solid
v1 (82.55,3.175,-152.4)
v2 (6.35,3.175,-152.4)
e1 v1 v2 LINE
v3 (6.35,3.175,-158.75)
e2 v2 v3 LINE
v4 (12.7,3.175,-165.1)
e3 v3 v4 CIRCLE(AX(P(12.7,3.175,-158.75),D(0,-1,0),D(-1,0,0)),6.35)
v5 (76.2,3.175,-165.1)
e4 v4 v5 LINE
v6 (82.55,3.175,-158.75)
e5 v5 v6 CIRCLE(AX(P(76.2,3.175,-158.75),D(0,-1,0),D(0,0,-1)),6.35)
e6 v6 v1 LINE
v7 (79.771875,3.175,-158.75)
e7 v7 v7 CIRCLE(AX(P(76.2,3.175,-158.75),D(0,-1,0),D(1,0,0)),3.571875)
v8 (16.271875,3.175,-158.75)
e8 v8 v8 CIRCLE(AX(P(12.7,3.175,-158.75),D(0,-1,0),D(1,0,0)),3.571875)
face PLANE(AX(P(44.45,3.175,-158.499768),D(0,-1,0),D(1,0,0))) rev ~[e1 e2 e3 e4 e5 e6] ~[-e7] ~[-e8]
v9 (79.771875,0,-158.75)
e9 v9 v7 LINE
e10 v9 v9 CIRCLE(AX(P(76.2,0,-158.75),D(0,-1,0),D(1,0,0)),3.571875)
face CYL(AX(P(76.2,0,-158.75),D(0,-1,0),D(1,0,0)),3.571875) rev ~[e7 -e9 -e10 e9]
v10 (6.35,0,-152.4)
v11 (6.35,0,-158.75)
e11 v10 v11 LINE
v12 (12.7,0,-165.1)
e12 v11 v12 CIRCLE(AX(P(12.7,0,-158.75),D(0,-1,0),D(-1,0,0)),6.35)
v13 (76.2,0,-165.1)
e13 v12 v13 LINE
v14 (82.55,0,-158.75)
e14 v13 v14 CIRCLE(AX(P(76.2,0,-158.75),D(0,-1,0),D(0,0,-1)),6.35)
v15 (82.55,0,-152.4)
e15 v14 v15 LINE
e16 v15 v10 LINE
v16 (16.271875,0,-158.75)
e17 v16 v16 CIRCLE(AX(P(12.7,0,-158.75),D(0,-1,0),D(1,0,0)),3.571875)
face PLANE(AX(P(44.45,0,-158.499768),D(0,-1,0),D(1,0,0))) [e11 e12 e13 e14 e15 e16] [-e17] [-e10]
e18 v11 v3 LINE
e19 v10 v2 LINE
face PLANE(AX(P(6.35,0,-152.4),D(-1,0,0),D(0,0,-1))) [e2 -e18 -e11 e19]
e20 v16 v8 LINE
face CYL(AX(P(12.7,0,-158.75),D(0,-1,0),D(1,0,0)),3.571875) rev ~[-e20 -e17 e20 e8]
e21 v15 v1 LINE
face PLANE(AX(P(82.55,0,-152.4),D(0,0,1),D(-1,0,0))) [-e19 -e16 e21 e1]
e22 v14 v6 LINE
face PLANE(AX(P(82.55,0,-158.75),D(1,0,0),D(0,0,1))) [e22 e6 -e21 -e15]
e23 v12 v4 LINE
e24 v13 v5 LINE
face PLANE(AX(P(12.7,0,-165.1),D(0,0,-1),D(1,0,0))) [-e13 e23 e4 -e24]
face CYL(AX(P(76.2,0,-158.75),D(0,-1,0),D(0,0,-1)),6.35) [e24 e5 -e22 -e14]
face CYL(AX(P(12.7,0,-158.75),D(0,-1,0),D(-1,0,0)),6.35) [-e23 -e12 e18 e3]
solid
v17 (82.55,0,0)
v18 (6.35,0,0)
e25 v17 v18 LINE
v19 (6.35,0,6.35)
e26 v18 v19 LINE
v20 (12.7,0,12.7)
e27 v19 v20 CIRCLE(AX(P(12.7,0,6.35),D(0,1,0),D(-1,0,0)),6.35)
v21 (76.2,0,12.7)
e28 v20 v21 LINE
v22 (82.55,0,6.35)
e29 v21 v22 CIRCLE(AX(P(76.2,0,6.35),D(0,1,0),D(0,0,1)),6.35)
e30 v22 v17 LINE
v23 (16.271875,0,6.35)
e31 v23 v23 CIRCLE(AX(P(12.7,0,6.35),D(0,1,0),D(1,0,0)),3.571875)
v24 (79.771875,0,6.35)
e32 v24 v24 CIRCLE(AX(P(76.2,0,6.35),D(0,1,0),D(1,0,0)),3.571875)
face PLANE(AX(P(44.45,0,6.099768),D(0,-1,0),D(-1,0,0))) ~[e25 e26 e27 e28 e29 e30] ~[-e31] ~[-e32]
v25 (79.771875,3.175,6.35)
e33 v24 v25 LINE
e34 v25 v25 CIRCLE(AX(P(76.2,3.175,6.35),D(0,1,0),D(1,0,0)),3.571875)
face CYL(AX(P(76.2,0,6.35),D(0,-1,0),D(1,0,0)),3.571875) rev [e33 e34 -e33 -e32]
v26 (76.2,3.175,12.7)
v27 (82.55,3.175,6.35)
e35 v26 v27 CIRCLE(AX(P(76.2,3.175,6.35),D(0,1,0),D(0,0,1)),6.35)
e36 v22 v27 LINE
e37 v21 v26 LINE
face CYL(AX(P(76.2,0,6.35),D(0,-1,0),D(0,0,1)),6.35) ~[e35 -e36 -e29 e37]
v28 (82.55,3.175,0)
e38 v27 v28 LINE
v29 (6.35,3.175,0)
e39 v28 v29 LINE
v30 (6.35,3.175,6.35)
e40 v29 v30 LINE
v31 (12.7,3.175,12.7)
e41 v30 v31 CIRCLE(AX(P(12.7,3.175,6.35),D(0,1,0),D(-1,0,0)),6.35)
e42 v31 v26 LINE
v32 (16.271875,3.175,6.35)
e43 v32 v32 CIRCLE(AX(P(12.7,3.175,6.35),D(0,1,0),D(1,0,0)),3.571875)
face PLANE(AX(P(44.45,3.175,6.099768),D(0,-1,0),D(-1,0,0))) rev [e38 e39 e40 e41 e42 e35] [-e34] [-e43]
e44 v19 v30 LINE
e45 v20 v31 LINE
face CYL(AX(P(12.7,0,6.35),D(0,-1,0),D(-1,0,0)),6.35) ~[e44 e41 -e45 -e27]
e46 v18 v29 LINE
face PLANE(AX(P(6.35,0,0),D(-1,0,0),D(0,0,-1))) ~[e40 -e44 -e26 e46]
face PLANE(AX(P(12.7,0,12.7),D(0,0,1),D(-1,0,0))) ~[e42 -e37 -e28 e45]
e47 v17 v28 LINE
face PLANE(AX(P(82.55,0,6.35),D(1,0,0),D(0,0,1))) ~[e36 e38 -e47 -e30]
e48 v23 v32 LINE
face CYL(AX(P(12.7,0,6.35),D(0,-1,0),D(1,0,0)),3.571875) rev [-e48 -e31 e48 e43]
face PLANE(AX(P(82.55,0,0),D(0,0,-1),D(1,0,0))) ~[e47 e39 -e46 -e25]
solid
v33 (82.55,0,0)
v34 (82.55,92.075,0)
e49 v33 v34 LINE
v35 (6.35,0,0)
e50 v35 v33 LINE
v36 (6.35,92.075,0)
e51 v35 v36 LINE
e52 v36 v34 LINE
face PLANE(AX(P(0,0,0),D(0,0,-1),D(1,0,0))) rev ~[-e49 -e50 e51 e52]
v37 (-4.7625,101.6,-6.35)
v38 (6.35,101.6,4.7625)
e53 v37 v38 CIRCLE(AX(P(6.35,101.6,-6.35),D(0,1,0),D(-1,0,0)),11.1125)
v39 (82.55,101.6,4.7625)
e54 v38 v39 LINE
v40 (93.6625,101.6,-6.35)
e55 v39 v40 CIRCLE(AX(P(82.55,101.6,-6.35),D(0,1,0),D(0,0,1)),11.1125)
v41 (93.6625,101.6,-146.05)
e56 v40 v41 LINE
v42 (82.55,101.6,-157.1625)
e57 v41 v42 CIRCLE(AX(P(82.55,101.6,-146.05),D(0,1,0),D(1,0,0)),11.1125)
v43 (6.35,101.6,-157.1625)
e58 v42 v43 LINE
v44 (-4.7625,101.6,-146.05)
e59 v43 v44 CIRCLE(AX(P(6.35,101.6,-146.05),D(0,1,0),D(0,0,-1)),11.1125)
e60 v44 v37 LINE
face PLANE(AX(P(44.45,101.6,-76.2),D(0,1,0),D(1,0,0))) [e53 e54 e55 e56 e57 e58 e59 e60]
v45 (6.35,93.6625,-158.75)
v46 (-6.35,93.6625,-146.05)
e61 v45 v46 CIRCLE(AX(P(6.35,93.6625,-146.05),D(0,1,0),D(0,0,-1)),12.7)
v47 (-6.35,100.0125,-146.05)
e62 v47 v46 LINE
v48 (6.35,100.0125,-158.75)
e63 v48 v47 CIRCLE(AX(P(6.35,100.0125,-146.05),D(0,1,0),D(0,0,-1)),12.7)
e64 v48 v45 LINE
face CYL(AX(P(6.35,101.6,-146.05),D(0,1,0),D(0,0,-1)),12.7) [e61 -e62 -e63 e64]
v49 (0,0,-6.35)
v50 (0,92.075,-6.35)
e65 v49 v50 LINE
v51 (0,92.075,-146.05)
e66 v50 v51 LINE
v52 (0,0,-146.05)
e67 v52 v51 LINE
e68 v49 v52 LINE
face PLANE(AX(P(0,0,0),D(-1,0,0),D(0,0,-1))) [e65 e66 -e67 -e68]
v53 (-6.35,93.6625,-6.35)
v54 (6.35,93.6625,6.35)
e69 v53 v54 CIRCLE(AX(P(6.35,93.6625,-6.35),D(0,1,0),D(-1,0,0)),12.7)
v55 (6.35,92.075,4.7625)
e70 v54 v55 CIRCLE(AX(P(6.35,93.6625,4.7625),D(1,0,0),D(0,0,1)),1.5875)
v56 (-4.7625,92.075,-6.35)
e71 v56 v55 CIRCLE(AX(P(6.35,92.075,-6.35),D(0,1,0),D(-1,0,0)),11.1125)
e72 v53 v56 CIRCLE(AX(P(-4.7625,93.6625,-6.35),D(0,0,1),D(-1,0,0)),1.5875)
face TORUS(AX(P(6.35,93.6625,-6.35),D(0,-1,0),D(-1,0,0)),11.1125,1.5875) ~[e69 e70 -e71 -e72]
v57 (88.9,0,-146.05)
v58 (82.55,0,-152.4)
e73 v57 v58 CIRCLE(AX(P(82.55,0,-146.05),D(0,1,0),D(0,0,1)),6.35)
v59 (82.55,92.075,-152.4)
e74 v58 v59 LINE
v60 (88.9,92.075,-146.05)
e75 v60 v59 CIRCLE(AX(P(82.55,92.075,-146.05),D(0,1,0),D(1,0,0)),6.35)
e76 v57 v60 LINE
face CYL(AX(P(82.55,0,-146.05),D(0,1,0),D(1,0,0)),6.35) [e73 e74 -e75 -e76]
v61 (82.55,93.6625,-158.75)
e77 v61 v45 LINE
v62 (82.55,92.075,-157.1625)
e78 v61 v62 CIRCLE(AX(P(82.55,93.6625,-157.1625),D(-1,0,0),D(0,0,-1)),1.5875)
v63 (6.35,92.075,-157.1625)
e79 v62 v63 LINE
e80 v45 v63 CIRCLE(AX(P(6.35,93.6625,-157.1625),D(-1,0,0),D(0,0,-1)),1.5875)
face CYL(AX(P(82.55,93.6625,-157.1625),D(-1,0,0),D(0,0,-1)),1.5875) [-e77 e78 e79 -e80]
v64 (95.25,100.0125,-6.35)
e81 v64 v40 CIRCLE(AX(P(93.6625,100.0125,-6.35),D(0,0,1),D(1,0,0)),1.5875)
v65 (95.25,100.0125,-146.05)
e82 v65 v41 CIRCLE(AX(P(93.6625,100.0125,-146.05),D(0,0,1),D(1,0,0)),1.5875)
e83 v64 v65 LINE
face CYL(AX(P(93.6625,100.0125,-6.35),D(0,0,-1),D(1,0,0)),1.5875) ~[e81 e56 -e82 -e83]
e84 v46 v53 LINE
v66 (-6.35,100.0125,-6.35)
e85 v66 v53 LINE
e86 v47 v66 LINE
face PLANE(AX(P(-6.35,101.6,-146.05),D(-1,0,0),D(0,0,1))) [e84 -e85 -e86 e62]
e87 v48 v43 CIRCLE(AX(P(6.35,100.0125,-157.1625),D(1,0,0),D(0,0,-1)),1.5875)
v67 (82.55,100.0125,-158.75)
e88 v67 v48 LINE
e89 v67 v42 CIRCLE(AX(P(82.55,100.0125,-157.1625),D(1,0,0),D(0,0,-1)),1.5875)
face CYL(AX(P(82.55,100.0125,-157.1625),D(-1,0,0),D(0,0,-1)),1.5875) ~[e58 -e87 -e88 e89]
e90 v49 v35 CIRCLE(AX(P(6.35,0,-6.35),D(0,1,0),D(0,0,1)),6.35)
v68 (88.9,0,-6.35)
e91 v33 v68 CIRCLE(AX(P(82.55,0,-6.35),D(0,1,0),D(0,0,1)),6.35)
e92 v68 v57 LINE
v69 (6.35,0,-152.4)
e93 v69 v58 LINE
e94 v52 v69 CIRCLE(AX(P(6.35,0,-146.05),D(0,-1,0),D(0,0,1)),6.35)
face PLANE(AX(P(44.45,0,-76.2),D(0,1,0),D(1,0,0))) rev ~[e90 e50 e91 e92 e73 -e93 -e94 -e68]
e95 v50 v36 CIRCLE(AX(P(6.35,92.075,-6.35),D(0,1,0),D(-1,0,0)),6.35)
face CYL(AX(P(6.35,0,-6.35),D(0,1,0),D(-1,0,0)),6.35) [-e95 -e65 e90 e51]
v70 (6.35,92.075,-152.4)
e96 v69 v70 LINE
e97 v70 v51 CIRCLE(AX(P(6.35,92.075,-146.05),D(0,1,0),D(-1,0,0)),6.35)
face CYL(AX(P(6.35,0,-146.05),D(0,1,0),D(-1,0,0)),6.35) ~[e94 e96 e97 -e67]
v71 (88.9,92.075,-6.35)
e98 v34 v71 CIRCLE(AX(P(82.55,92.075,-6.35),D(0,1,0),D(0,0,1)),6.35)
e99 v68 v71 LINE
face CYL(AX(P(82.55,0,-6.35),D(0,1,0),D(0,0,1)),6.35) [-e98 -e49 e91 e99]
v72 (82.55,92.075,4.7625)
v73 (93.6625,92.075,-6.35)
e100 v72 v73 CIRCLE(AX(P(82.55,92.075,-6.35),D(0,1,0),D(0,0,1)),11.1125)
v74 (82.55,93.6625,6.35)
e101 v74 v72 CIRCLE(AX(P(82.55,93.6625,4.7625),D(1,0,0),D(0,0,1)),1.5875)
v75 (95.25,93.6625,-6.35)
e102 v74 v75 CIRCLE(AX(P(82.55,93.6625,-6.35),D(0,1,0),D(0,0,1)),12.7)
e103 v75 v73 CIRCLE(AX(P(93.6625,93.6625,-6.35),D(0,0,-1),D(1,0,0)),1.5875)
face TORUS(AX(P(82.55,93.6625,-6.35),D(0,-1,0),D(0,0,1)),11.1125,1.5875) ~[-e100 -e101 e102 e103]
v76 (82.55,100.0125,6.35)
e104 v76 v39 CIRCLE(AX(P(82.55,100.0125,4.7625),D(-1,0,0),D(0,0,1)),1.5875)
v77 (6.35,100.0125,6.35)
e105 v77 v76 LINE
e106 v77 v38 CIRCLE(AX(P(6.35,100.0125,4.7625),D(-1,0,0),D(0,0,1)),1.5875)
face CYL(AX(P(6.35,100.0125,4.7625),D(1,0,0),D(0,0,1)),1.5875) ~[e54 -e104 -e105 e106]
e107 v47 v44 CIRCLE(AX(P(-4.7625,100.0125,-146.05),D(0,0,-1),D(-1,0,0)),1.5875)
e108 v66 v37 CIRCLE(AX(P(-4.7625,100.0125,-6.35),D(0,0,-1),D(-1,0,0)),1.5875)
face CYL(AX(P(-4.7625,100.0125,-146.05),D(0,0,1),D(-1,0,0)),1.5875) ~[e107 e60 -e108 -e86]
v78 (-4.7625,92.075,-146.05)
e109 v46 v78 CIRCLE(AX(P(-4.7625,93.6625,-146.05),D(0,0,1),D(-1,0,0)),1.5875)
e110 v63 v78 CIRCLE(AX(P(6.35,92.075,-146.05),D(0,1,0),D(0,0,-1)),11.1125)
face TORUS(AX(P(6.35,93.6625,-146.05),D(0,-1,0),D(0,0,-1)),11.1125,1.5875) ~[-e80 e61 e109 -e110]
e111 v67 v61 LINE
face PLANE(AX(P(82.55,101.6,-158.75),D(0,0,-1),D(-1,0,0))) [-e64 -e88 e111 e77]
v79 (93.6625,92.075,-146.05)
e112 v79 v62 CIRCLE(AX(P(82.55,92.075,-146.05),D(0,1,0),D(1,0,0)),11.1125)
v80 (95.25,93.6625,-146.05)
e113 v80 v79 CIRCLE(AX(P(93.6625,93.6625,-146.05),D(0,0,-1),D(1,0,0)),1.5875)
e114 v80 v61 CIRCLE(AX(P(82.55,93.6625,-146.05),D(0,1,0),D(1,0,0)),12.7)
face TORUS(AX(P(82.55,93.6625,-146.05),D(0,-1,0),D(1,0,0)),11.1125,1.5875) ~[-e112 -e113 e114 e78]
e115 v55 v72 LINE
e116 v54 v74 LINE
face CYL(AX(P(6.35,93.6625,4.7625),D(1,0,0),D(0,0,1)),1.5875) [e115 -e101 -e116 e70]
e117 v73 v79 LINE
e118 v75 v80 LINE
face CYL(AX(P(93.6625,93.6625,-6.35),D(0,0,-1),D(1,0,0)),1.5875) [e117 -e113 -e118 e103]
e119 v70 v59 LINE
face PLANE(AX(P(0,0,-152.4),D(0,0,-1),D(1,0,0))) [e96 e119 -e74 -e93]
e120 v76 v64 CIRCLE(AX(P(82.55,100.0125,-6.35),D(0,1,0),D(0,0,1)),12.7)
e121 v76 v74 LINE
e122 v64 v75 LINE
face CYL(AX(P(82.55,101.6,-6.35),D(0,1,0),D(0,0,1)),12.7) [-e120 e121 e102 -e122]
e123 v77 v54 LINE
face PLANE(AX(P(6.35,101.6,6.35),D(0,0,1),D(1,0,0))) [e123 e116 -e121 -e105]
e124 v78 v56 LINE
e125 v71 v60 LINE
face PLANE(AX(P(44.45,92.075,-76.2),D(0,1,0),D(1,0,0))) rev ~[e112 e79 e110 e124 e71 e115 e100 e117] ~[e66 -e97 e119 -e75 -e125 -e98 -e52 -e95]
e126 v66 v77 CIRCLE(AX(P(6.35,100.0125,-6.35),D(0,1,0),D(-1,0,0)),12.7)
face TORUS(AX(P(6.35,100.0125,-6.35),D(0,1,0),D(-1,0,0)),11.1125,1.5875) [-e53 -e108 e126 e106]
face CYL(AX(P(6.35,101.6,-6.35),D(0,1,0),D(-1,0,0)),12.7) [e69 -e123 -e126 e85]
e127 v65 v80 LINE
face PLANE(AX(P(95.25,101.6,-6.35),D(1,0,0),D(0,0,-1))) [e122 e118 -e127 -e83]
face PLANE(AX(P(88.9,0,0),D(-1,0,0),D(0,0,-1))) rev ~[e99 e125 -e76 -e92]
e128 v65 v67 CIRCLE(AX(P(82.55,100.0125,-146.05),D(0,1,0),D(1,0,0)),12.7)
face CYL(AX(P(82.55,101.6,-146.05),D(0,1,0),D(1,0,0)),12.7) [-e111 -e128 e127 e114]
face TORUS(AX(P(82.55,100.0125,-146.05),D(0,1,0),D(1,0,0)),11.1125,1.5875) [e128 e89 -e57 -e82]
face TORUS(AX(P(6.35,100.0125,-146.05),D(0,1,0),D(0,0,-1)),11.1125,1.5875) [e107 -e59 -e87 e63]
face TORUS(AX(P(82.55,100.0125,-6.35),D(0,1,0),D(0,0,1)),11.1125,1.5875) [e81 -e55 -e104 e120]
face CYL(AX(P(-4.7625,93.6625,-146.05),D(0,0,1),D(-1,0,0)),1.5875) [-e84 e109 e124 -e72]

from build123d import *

# Parameters (mm, degrees)
SKETCH1_W           = 88.9
SKETCH1_H           = 152.4
BOSS_EXTRUDE1_DEPTH = 101.6
SKETCH2_R           = 3.571875
BOSS_EXTRUDE2_DEPTH = 3.175
FILLET1_R           = 6.35
BOSS_EXTRUDE3_DEPTH = 9.525
FILLET2_R           = 1.5875


with BuildPart() as part:
    # Sketch1 → Boss-Extrude1 (new body)
    with BuildSketch(Plane(origin=(0, 0, 0), x_dir=(1, 0, 0), z_dir=(0, 1, 0))):
        with Locations((44.45, 76.2)):
            Rectangle(SKETCH1_W, SKETCH1_H)
    extrude(amount=BOSS_EXTRUDE1_DEPTH)

    # Fillet1
    fillet1_edges = [part.edges().sort_by_distance(p)[0] for p in [
        (0, 50.8, -152.4),
        (88.9, 50.8, -152.4),
        (88.9, 50.8, 0),
        (0, 50.8, 0),
    ]]
    fillet(fillet1_edges, radius=FILLET1_R)

    # Sketch4 → Boss-Extrude3 (add)
    with BuildSketch(Plane(origin=(0, 101.6, 0), x_dir=(1, 0, 0), z_dir=(0, 1, 0))):
        with BuildLine():
            Line((95.25, 6.35), (95.25, 146.05))
            ThreePointArc((95.25, 146.05), (91.530256121, 155.030256121), (82.55, 158.75))
            Line((82.55, 158.75), (6.35, 158.75))
            ThreePointArc((6.35, 158.75), (-2.630256121, 155.030256121), (-6.35, 146.05))
            Line((-6.35, 146.05), (-6.35, 6.35))
            ThreePointArc((-6.35, 6.35), (-2.630256121, -2.630256121), (6.35, -6.35))
            Line((6.35, -6.35), (82.55, -6.35))
            ThreePointArc((82.55, -6.35), (91.530256121, -2.630256121), (95.25, 6.35))
        make_face()
    extrude(amount=-BOSS_EXTRUDE3_DEPTH)

    # Fillet2
    fillet2_edges = [part.edges().sort_by_distance(p)[0] for p in [
        (91.530256121, 92.075, 2.630256121),
        (44.45, 92.075, 6.35),
        (-2.630256121, 92.075, 2.630256121),
        (-6.35, 92.075, -76.2),
        (-2.630256121, 92.075, -155.030256121),
        (44.45, 92.075, -158.75),
        (91.530256121, 92.075, -155.030256121),
        (95.25, 92.075, -76.2),
        (91.530256121, 101.6, 2.630256121),
        (95.25, 101.6, -76.2),
        (91.530256121, 101.6, -155.030256121),
        (44.45, 101.6, -158.75),
        (-2.630256121, 101.6, -155.030256121),
        (-6.35, 101.6, -76.2),
        (-2.630256121, 101.6, 2.630256121),
        (44.45, 101.6, 6.35),
    ]]
    fillet(fillet2_edges, radius=FILLET2_R)


with BuildPart() as body_2:
    # Sketch2 → Boss-Extrude2 (new body)
    with BuildSketch(Plane.XZ):
        with BuildLine():
            Line((12.7, -165.1), (76.2, -165.1))
            ThreePointArc((76.2, -165.1), (80.690128061, -163.240128061), (82.55, -158.75))
            Line((82.55, -158.75), (82.55, -152.4))
            Line((82.55, -152.4), (6.35, -152.4))
            Line((6.35, -152.4), (6.35, -158.75))
            ThreePointArc((6.35, -158.75), (8.209871939, -163.240128061), (12.7, -165.1))
        make_face()
        with Locations((12.7, -158.75)):
            Circle(SKETCH2_R, mode=Mode.SUBTRACT)
        with Locations((76.2, -158.75)):
            Circle(SKETCH2_R, mode=Mode.SUBTRACT)
    extrude(amount=-BOSS_EXTRUDE2_DEPTH)


with BuildPart() as body_3:
    # Mirror2: mirrored copy
    add(body_2.part.mirror(Plane(origin=(0, 0, -76.2), x_dir=(1, 0, 0), z_dir=(0, 0, -1))))


solid = Compound([part.part, body_2.part, body_3.part])
